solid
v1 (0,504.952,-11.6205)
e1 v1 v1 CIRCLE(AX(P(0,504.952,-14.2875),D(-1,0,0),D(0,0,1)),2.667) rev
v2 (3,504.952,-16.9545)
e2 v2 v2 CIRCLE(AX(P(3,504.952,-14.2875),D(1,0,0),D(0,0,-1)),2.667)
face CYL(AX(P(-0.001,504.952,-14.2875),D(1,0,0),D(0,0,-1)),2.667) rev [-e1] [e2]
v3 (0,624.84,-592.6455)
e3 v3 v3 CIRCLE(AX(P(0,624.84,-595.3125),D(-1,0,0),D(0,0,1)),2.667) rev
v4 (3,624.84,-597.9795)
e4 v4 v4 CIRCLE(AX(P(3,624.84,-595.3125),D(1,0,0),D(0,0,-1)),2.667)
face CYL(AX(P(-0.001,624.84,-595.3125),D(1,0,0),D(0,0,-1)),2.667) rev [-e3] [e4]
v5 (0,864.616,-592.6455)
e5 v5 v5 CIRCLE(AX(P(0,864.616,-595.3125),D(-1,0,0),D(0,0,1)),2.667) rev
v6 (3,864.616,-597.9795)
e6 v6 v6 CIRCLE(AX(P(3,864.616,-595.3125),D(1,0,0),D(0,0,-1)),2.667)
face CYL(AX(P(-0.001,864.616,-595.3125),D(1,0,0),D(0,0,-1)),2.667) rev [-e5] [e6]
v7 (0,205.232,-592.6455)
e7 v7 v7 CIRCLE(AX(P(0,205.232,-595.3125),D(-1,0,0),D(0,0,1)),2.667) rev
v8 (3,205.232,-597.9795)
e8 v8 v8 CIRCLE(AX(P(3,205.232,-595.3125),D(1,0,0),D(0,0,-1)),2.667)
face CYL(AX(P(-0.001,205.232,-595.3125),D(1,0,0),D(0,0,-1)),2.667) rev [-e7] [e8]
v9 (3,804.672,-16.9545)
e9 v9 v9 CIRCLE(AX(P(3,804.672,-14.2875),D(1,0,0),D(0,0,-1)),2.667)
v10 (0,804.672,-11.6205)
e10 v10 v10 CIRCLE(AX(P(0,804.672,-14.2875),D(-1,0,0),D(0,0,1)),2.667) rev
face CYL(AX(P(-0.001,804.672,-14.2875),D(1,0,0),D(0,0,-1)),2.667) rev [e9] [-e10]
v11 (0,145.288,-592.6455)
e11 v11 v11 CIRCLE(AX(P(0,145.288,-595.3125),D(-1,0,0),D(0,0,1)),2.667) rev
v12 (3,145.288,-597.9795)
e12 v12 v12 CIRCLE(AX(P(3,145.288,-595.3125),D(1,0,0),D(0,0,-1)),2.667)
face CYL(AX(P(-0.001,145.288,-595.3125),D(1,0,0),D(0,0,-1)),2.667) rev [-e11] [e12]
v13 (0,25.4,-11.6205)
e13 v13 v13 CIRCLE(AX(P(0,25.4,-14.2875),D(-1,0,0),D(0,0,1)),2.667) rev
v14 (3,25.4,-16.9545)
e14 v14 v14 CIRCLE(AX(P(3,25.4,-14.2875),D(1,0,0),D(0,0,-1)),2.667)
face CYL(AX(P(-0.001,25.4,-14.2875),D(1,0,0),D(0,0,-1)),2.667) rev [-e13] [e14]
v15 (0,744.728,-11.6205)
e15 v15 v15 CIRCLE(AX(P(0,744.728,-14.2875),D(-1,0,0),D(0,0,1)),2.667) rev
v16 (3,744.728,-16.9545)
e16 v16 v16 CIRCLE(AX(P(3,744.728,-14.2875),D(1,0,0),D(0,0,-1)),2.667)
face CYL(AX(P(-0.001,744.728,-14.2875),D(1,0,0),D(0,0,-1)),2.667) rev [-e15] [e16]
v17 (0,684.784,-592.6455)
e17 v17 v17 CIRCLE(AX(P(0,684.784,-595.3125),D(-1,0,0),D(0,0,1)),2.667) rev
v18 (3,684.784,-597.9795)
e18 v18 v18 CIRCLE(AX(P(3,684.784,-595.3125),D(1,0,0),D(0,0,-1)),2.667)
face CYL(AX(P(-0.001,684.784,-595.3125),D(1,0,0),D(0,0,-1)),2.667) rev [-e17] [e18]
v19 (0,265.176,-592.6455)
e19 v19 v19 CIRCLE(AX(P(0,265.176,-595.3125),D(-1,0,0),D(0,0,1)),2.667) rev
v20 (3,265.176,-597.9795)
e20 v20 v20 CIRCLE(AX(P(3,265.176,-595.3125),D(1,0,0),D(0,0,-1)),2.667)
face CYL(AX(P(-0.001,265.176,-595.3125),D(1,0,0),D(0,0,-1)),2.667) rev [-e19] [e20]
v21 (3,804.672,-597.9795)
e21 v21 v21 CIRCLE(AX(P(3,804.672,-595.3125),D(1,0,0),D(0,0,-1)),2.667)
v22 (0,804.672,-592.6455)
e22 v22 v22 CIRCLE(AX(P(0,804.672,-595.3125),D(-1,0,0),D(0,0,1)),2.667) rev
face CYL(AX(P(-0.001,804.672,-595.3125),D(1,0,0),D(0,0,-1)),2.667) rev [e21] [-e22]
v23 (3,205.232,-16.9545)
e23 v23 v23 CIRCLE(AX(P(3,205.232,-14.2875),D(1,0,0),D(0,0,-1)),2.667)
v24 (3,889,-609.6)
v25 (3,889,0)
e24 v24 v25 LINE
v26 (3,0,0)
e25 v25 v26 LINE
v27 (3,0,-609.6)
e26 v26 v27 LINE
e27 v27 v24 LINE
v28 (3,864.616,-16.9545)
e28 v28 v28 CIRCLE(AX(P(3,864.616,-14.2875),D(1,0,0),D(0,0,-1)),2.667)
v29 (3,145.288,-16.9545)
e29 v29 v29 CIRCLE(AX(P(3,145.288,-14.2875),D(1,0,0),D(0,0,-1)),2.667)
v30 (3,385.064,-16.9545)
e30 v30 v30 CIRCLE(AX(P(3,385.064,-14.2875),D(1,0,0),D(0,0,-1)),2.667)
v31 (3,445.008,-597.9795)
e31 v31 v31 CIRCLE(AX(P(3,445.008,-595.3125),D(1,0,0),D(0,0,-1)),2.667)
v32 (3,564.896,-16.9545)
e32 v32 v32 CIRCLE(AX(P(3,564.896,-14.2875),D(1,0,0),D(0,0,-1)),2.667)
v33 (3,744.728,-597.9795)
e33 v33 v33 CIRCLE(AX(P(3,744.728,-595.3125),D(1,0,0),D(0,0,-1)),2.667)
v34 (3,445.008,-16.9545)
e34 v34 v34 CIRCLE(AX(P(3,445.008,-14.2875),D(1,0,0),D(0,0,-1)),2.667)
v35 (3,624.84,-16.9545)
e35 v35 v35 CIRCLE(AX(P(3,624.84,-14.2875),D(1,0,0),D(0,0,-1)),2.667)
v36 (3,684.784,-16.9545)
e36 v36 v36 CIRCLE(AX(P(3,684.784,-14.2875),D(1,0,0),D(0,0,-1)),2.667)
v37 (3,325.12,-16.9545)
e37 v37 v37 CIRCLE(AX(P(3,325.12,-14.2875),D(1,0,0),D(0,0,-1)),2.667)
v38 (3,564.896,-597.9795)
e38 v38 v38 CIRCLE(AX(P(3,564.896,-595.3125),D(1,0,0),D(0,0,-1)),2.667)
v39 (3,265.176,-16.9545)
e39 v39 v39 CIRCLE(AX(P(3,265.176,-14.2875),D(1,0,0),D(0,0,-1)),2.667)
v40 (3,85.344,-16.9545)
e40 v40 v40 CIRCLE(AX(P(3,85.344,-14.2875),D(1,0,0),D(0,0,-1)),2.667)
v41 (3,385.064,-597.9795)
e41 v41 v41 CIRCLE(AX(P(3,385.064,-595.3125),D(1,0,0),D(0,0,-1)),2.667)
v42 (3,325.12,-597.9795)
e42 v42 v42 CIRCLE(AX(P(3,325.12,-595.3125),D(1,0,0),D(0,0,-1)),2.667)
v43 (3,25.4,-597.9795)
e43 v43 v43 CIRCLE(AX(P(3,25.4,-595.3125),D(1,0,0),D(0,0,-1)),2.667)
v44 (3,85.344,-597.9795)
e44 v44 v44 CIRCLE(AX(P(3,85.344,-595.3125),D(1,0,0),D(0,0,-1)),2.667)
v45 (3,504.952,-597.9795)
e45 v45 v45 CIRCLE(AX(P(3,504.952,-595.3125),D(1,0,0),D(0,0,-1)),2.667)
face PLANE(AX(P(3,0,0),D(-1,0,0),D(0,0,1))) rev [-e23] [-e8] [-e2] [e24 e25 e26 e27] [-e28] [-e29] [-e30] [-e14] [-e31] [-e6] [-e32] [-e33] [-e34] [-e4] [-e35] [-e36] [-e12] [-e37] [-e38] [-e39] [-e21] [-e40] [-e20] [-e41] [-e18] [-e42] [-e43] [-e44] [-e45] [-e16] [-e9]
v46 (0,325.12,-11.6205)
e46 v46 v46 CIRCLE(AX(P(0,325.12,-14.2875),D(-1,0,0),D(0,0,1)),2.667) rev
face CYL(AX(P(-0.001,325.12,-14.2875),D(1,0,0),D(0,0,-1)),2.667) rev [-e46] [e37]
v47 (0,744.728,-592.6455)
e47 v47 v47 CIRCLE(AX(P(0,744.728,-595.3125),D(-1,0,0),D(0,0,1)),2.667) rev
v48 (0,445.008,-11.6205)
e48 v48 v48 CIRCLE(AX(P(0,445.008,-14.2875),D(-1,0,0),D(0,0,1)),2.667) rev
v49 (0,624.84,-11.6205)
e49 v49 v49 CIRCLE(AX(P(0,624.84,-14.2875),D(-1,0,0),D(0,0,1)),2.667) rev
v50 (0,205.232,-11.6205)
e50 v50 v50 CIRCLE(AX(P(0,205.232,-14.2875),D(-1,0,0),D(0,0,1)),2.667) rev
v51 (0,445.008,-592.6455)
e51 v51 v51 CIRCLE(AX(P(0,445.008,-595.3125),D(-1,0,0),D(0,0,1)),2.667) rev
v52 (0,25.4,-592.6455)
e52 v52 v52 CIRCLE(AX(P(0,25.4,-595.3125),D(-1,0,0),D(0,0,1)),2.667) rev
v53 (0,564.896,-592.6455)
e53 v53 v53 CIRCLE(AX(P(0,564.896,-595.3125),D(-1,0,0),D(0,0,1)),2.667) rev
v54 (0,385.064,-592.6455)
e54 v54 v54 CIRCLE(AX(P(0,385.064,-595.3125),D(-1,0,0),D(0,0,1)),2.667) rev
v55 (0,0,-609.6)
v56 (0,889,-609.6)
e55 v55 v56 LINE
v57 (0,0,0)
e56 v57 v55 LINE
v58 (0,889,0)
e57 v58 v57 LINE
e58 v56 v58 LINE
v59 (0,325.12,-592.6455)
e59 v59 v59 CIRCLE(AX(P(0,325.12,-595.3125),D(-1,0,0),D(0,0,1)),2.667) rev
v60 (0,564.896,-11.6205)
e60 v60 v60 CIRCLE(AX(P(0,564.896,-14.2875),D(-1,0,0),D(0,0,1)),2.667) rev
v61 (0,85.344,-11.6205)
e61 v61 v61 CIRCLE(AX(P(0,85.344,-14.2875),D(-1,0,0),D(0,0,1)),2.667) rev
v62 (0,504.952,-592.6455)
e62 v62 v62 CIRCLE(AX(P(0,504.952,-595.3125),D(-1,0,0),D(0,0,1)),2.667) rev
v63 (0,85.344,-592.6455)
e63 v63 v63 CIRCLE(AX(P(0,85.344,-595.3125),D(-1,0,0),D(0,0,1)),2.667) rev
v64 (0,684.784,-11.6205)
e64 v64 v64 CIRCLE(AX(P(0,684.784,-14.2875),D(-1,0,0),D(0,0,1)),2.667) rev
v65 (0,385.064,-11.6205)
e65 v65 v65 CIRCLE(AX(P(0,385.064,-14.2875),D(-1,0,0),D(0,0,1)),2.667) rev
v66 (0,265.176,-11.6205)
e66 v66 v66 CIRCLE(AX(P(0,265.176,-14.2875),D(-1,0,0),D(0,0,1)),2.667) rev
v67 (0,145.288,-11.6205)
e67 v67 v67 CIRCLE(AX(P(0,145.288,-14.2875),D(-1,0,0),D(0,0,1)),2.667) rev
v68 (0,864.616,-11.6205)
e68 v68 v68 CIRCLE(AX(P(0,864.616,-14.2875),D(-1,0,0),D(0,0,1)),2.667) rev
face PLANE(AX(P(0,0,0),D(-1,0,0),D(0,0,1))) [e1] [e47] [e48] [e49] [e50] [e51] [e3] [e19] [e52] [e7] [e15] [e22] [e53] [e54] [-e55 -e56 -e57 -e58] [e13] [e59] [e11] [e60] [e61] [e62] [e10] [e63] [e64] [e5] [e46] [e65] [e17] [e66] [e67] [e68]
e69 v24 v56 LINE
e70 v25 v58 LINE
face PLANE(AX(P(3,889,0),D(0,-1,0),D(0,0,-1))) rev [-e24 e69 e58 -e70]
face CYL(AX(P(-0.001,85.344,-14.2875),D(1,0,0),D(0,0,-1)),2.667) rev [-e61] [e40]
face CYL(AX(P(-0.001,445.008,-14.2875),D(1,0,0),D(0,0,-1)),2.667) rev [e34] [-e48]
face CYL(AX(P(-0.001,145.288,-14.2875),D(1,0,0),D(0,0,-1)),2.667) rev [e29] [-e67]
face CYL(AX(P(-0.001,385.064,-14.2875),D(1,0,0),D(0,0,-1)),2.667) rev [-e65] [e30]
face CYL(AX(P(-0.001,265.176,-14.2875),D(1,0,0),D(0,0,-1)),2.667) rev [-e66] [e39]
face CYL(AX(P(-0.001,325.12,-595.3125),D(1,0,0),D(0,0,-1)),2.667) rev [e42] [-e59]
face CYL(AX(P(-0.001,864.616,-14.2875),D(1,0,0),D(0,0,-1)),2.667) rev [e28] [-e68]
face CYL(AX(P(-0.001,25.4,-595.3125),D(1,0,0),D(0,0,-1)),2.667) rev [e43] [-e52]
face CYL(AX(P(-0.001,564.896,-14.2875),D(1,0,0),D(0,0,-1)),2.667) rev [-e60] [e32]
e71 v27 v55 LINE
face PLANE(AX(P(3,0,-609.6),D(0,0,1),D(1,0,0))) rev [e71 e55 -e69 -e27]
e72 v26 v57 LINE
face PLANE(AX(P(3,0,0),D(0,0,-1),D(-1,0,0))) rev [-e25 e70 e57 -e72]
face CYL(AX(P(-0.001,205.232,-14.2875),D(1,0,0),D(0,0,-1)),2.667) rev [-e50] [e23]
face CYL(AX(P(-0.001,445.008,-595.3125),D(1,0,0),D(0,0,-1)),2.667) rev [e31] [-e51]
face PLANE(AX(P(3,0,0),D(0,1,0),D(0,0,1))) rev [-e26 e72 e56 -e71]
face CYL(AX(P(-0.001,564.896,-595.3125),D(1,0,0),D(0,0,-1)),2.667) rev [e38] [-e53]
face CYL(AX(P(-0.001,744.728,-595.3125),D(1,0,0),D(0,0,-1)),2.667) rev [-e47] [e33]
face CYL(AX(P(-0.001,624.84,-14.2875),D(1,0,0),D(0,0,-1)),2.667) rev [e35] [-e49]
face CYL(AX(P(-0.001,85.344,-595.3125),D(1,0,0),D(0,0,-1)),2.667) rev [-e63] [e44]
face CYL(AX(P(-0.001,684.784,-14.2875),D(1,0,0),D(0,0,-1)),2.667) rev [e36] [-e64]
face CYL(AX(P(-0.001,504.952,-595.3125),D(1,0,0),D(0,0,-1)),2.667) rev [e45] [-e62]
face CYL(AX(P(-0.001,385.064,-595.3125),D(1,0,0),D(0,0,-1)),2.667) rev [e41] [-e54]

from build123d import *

# Parameters (mm, degrees)
SKETCH1_W           = 609.6
SKETCH1_H           = 889
BOSS_EXTRUDE1_DEPTH = 3
SKETCH2_R           = 2.667
CUT_EXTRUDE1_DEPTH  = 3


with BuildPart() as part:
    # Sketch1 → Boss-Extrude1 (new body)
    with BuildSketch(Plane(origin=(0, 0, 0), x_dir=(0, 0, -1), z_dir=(1, 0, 0))):
        with Locations((304.8, 444.5)):
            Rectangle(SKETCH1_W, SKETCH1_H)
    extrude(amount=BOSS_EXTRUDE1_DEPTH)

    # Sketch2 → Cut-Extrude1 (cut)
    with BuildSketch(Plane(origin=(3, 0, 0), x_dir=(0, 0, -1), z_dir=(1, 0, 0))):
        with Locations((14.2875, 25.4)):
            Circle(SKETCH2_R)
        with Locations((595.3125, 25.4)):
            Circle(SKETCH2_R)
        with Locations((595.3125, 85.344)):
            Circle(SKETCH2_R)
        with Locations((595.3125, 145.288)):
            Circle(SKETCH2_R)
        with Locations((595.3125, 205.232)):
            Circle(SKETCH2_R)
        with Locations((595.3125, 265.176)):
            Circle(SKETCH2_R)
        with Locations((595.3125, 325.12)):
            Circle(SKETCH2_R)
        with Locations((595.3125, 385.064)):
            Circle(SKETCH2_R)
        with Locations((595.3125, 445.008)):
            Circle(SKETCH2_R)
        with Locations((595.3125, 504.952)):
            Circle(SKETCH2_R)
        with Locations((595.3125, 564.896)):
            Circle(SKETCH2_R)
        with Locations((595.3125, 624.84)):
            Circle(SKETCH2_R)
        with Locations((595.3125, 684.784)):
            Circle(SKETCH2_R)
        with Locations((595.3125, 744.728)):
            Circle(SKETCH2_R)
        with Locations((595.3125, 804.672)):
            Circle(SKETCH2_R)
        with Locations((595.3125, 864.616)):
            Circle(SKETCH2_R)
        with Locations((14.2875, 85.344)):
            Circle(SKETCH2_R)
        with Locations((14.2875, 145.288)):
            Circle(SKETCH2_R)
        with Locations((14.2875, 205.232)):
            Circle(SKETCH2_R)
        with Locations((14.2875, 265.176)):
            Circle(SKETCH2_R)
        with Locations((14.2875, 325.12)):
            Circle(SKETCH2_R)
        with Locations((14.2875, 385.064)):
            Circle(SKETCH2_R)
        with Locations((14.2875, 445.008)):
            Circle(SKETCH2_R)
        with Locations((14.2875, 504.952)):
            Circle(SKETCH2_R)
        with Locations((14.2875, 564.896)):
            Circle(SKETCH2_R)
        with Locations((14.2875, 624.84)):
            Circle(SKETCH2_R)
        with Locations((14.2875, 684.784)):
            Circle(SKETCH2_R)
        with Locations((14.2875, 744.728)):
            Circle(SKETCH2_R)
        with Locations((14.2875, 804.672)):
            Circle(SKETCH2_R)
        with Locations((14.2875, 864.616)):
            Circle(SKETCH2_R)
    extrude(amount=-CUT_EXTRUDE1_DEPTH, mode=Mode.SUBTRACT)


solid = part.part
